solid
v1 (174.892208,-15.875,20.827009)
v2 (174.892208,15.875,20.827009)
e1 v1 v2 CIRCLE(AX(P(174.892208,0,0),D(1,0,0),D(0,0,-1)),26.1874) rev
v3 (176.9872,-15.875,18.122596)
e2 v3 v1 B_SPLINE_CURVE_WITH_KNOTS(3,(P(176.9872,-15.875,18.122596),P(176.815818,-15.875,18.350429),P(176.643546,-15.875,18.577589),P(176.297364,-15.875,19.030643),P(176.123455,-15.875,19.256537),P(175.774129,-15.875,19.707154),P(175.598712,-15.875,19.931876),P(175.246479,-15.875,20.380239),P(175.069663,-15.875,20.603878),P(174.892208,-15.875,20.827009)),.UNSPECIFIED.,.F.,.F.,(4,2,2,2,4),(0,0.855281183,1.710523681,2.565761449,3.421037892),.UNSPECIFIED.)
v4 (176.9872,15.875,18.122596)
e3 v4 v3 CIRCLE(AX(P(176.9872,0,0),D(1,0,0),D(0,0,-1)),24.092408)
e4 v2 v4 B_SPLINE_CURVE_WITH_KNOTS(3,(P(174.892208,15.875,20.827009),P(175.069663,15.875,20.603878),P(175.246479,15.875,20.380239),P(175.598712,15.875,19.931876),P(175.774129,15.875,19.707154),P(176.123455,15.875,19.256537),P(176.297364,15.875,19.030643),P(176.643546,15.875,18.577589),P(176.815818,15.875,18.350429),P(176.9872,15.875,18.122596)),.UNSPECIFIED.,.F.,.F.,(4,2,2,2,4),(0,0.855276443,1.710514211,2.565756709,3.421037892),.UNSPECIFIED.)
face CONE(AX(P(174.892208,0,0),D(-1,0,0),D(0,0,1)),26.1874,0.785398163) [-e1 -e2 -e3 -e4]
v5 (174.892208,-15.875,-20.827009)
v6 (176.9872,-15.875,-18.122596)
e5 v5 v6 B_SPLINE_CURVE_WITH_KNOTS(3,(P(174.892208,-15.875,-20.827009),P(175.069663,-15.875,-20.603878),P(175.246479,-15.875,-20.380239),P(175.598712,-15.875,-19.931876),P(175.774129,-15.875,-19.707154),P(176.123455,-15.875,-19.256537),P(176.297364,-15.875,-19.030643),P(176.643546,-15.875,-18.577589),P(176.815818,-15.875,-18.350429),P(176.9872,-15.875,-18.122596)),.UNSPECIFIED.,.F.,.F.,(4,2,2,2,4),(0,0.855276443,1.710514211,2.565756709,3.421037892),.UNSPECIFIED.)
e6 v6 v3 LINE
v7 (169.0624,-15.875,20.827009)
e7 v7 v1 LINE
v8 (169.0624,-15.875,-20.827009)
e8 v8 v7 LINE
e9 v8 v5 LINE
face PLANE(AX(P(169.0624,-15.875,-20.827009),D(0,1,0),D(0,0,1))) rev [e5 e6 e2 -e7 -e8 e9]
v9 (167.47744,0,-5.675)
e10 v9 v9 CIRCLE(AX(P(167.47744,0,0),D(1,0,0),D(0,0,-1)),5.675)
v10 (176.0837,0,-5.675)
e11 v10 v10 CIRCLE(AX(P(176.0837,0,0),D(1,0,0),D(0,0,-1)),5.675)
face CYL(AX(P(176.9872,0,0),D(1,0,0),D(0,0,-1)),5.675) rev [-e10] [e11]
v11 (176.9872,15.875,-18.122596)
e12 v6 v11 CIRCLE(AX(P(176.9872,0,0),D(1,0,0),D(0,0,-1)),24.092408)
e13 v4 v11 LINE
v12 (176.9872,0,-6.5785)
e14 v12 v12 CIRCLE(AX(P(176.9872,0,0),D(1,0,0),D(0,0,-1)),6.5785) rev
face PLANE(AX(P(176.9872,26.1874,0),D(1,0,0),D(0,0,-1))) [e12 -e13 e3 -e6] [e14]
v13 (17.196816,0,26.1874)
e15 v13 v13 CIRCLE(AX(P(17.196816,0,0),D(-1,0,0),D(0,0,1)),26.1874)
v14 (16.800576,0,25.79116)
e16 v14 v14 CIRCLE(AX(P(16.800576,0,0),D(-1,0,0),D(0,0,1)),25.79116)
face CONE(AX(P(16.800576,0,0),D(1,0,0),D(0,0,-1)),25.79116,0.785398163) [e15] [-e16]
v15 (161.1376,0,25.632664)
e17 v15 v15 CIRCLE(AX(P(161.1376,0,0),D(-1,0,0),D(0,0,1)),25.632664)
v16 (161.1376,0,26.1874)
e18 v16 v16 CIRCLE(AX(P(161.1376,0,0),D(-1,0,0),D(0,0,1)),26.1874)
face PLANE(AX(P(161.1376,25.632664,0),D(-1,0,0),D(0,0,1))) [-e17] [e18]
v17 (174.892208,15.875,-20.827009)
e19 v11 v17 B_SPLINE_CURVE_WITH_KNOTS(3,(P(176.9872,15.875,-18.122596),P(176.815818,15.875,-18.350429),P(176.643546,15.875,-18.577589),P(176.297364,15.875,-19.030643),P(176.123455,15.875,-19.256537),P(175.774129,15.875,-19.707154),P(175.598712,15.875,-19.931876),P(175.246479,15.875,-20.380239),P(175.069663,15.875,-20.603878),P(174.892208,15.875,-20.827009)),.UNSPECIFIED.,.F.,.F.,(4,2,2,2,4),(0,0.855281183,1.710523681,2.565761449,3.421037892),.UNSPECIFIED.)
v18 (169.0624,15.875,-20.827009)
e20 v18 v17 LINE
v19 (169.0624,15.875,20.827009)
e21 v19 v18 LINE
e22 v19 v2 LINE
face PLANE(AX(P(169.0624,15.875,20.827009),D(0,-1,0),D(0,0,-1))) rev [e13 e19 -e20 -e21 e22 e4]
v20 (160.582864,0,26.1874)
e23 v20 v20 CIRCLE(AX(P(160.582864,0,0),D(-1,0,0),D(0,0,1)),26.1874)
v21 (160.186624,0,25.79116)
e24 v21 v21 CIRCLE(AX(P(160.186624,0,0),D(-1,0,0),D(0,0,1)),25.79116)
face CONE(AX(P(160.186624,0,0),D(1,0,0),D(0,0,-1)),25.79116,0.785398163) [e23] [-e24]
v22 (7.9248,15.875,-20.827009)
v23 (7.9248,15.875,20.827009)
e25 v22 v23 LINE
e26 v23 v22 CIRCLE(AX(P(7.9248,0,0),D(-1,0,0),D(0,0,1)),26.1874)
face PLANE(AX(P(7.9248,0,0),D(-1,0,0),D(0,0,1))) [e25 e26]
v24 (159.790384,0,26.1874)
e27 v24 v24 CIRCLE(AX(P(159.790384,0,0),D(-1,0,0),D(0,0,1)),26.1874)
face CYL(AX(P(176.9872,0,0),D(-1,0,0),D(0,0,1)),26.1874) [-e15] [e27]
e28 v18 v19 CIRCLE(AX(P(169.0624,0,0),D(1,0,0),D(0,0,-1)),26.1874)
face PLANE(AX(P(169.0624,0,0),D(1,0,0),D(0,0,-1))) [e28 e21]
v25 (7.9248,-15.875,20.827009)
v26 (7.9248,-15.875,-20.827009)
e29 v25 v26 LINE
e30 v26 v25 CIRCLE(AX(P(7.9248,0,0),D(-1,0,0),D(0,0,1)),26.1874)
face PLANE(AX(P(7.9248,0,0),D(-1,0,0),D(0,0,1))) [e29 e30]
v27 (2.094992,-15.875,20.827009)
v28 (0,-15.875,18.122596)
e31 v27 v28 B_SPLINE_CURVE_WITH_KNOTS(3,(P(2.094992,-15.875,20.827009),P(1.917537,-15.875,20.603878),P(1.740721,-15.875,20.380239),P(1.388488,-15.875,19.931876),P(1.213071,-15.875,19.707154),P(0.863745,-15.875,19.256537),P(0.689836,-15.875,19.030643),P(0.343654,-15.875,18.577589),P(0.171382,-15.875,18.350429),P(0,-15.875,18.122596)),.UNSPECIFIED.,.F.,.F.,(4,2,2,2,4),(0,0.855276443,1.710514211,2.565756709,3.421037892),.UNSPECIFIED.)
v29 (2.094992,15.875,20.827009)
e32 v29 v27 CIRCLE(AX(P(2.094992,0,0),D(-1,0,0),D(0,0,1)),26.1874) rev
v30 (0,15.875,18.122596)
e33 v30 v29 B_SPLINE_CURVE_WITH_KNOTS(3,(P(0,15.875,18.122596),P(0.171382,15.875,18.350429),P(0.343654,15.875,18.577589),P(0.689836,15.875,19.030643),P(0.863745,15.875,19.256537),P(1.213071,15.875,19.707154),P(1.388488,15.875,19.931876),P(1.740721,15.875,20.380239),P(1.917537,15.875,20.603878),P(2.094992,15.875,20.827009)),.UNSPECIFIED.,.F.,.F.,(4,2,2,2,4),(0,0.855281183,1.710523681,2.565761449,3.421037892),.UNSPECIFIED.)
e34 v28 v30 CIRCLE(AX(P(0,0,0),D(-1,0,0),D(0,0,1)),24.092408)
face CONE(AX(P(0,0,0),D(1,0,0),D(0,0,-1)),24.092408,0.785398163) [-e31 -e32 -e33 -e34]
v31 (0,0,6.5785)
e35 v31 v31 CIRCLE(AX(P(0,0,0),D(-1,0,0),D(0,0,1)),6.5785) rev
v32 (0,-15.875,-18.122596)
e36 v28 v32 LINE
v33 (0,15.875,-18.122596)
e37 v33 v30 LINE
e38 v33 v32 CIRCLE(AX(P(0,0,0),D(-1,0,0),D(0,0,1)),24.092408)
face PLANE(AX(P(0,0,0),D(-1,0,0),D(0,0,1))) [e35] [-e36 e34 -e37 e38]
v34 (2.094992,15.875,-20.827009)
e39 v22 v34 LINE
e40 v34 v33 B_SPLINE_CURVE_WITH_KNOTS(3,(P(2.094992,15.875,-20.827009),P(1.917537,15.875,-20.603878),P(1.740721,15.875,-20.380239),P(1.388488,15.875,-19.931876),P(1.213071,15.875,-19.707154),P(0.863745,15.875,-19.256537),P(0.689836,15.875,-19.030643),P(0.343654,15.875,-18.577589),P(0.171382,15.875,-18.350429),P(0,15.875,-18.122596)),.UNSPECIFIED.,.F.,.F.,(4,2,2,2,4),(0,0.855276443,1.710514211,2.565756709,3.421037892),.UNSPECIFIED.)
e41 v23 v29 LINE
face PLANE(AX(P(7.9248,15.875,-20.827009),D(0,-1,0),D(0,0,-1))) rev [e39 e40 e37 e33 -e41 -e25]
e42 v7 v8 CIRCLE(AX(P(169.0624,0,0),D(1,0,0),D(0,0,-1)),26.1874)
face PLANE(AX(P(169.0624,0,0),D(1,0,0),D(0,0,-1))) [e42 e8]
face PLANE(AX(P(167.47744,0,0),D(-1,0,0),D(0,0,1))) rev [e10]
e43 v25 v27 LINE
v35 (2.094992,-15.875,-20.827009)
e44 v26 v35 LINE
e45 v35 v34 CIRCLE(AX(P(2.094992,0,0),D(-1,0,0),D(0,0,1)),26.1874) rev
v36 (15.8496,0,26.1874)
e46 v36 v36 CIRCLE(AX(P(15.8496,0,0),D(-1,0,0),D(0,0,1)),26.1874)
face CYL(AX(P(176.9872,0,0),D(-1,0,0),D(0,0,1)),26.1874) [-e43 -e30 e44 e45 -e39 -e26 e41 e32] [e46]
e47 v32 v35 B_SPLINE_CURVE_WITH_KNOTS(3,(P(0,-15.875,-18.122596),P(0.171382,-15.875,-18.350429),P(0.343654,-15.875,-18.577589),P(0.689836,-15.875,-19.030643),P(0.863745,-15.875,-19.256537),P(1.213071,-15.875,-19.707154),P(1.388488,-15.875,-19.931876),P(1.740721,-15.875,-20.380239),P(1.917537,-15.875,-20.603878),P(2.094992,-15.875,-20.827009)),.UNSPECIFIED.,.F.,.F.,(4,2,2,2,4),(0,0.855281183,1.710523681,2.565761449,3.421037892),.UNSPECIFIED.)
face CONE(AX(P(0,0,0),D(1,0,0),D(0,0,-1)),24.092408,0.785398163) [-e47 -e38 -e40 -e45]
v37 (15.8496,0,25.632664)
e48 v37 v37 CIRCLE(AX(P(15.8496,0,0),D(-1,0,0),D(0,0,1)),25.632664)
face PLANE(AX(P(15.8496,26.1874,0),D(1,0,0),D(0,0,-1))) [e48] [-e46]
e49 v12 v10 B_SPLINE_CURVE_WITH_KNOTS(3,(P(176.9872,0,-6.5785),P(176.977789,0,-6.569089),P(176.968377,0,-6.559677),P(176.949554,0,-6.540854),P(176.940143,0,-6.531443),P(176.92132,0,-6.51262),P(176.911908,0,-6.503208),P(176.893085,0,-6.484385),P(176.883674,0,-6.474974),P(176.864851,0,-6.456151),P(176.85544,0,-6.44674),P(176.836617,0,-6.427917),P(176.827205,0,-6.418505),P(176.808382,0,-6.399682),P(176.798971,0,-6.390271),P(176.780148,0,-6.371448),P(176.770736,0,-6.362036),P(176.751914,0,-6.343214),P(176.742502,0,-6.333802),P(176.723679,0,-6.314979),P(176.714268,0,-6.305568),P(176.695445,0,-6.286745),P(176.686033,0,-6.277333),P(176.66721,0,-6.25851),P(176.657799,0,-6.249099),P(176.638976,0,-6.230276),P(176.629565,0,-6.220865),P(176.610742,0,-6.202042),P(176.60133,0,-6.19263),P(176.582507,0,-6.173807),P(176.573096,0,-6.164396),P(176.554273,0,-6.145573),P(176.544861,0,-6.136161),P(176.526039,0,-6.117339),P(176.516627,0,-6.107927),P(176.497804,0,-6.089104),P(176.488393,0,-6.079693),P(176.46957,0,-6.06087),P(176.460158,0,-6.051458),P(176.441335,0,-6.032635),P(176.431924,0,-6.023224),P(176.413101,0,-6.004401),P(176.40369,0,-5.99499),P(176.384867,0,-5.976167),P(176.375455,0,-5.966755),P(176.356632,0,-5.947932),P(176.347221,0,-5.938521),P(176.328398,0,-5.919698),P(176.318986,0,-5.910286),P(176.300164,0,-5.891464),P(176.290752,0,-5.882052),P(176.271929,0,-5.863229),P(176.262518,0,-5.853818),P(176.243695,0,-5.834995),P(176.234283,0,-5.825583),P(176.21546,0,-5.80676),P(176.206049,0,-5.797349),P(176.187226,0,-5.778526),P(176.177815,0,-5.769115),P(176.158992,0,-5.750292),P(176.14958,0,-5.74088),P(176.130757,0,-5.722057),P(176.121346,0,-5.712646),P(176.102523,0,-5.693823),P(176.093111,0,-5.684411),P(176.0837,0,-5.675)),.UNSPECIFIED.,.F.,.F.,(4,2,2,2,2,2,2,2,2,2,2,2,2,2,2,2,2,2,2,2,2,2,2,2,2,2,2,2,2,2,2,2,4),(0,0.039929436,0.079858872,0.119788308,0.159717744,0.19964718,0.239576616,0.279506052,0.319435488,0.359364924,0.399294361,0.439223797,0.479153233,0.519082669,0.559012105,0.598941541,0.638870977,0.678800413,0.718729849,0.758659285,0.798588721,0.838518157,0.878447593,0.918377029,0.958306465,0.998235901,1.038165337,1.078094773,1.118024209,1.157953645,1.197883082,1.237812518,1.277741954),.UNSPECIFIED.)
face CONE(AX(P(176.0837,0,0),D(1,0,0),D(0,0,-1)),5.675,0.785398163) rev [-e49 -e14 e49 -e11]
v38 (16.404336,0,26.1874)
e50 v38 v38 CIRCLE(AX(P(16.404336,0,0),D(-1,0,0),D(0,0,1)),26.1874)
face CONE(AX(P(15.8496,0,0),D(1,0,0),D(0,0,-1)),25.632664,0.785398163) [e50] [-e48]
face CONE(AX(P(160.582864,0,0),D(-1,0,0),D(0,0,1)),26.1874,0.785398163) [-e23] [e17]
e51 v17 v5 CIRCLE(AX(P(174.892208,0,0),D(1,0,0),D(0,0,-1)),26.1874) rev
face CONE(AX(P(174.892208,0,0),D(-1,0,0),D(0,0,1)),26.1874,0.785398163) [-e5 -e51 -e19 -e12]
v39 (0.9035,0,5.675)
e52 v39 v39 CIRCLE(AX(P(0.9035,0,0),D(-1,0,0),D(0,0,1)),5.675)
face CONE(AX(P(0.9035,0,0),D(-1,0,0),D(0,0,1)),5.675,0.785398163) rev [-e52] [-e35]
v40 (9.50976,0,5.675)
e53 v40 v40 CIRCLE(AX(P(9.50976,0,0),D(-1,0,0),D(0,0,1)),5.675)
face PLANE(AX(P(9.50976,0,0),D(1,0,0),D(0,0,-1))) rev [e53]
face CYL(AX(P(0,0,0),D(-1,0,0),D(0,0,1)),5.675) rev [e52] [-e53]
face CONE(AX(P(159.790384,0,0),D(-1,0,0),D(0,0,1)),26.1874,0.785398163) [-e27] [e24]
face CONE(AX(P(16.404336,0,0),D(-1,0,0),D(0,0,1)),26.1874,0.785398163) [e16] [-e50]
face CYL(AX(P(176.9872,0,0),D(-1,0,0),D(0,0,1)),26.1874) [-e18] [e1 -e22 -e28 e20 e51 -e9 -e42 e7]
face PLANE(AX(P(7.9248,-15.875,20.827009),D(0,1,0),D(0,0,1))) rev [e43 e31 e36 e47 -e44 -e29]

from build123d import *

# Parameters (mm, degrees)
CUT_EXTRUDE1_START        = -7.9248
CUT_EXTRUDE1_DEPTH        = 7.9248
CUT_EXTRUDE2_START        = -7.9248
CUT_EXTRUDE2_DEPTH        = 7.9248
CUT_EXTRUDE3_DEPTH        = 7.9248
CUT_EXTRUDE4_DEPTH        = 7.9248
M10_CLEARANCE_HOLE1_D     = 11.35
M10_CLEARANCE_HOLE1_DEPTH = 9.50976
M10_CLEARANCE_HOLE2_D     = 11.35
M10_CLEARANCE_HOLE2_DEPTH = 9.50976
CHAMFER1_SIZE             = 2.094992
CHAMFER2_SIZE             = 0.9035


with BuildPart() as part:
    # Sketch1 → Revolve1 (revolve)
    with BuildSketch(Plane(origin=(0, 0, 0), x_dir=(-1, 0, 0), z_dir=(0, 0, -1)), mode=Mode.PRIVATE) as revolve1_sk:
        Polygon((-176.9872, 26.1874), (-176.9872, 0), (0, 0), (0, 26.1874), (-15.8496, 26.1874), (-15.8496, 25.632664), (-16.404336, 26.1874), (-16.800576, 25.79116), (-17.196816, 26.1874), (-159.790384, 26.1874), (-160.186624, 25.79116), (-160.582864, 26.1874), (-161.1376, 25.632664), (-161.1376, 26.1874), align=None)
    revolve(revolve1_sk.sketch.rotate(Axis((176.9872, 0, 0), (-1, 0, 0)), 270), axis=Axis((176.9872, 0, 0), (-1, 0, 0)))

    # Sketch2 → Cut-Extrude1 (cut)
    with BuildSketch(Plane.ZY.offset(CUT_EXTRUDE1_START)):
        with BuildLine():
            Line((-20.827008757, 15.875), (20.827008757, 15.875))
            ThreePointArc((20.827008757, 15.875), (0, 26.1874), (-20.827008757, 15.875))
        make_face()
    extrude(amount=CUT_EXTRUDE1_DEPTH, mode=Mode.SUBTRACT)

    # Sketch3 → Cut-Extrude2 (cut)
    with BuildSketch(Plane.ZY.offset(CUT_EXTRUDE2_START)):
        with BuildLine():
            Line((20.827008757, -15.875), (-20.827008757, -15.875))
            ThreePointArc((-20.827008757, -15.875), (0, -26.1874), (20.827008757, -15.875))
        make_face()
    extrude(amount=CUT_EXTRUDE2_DEPTH, mode=Mode.SUBTRACT)

    # Sketch4 → Cut-Extrude3 (cut)
    with BuildSketch(Plane(origin=(176.9872, 0, 0), x_dir=(0, 0, -1), z_dir=(1, 0, 0))):
        with BuildLine():
            Line((-20.827008757, 15.875), (20.827008757, 15.875))
            ThreePointArc((20.827008757, 15.875), (0, 26.1874), (-20.827008757, 15.875))
        make_face()
    extrude(amount=-CUT_EXTRUDE3_DEPTH, mode=Mode.SUBTRACT)

    # Sketch5 → Cut-Extrude4 (cut)
    with BuildSketch(Plane(origin=(176.9872, 0, 0), x_dir=(0, 0, -1), z_dir=(1, 0, 0))):
        with BuildLine():
            Line((20.827008757, -15.875), (-20.827008757, -15.875))
            ThreePointArc((-20.827008757, -15.875), (0, -26.1874), (20.827008757, -15.875))
        make_face()
    extrude(amount=-CUT_EXTRUDE4_DEPTH, mode=Mode.SUBTRACT)

    # M10 Clearance Hole1
    with Locations(Plane(origin=(176.9872, 0, 0), x_dir=(0, 0, -1), z_dir=(1, 0, 0))):
        with Locations((0, 0)):
            Hole(M10_CLEARANCE_HOLE1_D / 2, depth=M10_CLEARANCE_HOLE1_DEPTH)

    # M10 Clearance Hole2
    with Locations(Plane.ZY):
        with Locations((0, 0)):
            Hole(M10_CLEARANCE_HOLE2_D / 2, depth=M10_CLEARANCE_HOLE2_DEPTH)

    # Chamfer1
    chamfer1_edges = [part.edges().sort_by_distance(p)[0] for p in [
        (0, 0, -26.1874),
        (0, 8.377789375, 24.811137901),
        (176.9872, 0, -26.1874),
        (176.9872, 8.377789375, 24.811137901),
    ]]
    chamfer(chamfer1_edges, length=CHAMFER1_SIZE)

    # Chamfer2
    chamfer2_edges = [part.edges().sort_by_distance(p)[0] for p in [
        (176.9872, 0, -5.675),
        (0, 0, 5.675),
    ]]
    chamfer(chamfer2_edges, length=CHAMFER2_SIZE)


solid = part.part
